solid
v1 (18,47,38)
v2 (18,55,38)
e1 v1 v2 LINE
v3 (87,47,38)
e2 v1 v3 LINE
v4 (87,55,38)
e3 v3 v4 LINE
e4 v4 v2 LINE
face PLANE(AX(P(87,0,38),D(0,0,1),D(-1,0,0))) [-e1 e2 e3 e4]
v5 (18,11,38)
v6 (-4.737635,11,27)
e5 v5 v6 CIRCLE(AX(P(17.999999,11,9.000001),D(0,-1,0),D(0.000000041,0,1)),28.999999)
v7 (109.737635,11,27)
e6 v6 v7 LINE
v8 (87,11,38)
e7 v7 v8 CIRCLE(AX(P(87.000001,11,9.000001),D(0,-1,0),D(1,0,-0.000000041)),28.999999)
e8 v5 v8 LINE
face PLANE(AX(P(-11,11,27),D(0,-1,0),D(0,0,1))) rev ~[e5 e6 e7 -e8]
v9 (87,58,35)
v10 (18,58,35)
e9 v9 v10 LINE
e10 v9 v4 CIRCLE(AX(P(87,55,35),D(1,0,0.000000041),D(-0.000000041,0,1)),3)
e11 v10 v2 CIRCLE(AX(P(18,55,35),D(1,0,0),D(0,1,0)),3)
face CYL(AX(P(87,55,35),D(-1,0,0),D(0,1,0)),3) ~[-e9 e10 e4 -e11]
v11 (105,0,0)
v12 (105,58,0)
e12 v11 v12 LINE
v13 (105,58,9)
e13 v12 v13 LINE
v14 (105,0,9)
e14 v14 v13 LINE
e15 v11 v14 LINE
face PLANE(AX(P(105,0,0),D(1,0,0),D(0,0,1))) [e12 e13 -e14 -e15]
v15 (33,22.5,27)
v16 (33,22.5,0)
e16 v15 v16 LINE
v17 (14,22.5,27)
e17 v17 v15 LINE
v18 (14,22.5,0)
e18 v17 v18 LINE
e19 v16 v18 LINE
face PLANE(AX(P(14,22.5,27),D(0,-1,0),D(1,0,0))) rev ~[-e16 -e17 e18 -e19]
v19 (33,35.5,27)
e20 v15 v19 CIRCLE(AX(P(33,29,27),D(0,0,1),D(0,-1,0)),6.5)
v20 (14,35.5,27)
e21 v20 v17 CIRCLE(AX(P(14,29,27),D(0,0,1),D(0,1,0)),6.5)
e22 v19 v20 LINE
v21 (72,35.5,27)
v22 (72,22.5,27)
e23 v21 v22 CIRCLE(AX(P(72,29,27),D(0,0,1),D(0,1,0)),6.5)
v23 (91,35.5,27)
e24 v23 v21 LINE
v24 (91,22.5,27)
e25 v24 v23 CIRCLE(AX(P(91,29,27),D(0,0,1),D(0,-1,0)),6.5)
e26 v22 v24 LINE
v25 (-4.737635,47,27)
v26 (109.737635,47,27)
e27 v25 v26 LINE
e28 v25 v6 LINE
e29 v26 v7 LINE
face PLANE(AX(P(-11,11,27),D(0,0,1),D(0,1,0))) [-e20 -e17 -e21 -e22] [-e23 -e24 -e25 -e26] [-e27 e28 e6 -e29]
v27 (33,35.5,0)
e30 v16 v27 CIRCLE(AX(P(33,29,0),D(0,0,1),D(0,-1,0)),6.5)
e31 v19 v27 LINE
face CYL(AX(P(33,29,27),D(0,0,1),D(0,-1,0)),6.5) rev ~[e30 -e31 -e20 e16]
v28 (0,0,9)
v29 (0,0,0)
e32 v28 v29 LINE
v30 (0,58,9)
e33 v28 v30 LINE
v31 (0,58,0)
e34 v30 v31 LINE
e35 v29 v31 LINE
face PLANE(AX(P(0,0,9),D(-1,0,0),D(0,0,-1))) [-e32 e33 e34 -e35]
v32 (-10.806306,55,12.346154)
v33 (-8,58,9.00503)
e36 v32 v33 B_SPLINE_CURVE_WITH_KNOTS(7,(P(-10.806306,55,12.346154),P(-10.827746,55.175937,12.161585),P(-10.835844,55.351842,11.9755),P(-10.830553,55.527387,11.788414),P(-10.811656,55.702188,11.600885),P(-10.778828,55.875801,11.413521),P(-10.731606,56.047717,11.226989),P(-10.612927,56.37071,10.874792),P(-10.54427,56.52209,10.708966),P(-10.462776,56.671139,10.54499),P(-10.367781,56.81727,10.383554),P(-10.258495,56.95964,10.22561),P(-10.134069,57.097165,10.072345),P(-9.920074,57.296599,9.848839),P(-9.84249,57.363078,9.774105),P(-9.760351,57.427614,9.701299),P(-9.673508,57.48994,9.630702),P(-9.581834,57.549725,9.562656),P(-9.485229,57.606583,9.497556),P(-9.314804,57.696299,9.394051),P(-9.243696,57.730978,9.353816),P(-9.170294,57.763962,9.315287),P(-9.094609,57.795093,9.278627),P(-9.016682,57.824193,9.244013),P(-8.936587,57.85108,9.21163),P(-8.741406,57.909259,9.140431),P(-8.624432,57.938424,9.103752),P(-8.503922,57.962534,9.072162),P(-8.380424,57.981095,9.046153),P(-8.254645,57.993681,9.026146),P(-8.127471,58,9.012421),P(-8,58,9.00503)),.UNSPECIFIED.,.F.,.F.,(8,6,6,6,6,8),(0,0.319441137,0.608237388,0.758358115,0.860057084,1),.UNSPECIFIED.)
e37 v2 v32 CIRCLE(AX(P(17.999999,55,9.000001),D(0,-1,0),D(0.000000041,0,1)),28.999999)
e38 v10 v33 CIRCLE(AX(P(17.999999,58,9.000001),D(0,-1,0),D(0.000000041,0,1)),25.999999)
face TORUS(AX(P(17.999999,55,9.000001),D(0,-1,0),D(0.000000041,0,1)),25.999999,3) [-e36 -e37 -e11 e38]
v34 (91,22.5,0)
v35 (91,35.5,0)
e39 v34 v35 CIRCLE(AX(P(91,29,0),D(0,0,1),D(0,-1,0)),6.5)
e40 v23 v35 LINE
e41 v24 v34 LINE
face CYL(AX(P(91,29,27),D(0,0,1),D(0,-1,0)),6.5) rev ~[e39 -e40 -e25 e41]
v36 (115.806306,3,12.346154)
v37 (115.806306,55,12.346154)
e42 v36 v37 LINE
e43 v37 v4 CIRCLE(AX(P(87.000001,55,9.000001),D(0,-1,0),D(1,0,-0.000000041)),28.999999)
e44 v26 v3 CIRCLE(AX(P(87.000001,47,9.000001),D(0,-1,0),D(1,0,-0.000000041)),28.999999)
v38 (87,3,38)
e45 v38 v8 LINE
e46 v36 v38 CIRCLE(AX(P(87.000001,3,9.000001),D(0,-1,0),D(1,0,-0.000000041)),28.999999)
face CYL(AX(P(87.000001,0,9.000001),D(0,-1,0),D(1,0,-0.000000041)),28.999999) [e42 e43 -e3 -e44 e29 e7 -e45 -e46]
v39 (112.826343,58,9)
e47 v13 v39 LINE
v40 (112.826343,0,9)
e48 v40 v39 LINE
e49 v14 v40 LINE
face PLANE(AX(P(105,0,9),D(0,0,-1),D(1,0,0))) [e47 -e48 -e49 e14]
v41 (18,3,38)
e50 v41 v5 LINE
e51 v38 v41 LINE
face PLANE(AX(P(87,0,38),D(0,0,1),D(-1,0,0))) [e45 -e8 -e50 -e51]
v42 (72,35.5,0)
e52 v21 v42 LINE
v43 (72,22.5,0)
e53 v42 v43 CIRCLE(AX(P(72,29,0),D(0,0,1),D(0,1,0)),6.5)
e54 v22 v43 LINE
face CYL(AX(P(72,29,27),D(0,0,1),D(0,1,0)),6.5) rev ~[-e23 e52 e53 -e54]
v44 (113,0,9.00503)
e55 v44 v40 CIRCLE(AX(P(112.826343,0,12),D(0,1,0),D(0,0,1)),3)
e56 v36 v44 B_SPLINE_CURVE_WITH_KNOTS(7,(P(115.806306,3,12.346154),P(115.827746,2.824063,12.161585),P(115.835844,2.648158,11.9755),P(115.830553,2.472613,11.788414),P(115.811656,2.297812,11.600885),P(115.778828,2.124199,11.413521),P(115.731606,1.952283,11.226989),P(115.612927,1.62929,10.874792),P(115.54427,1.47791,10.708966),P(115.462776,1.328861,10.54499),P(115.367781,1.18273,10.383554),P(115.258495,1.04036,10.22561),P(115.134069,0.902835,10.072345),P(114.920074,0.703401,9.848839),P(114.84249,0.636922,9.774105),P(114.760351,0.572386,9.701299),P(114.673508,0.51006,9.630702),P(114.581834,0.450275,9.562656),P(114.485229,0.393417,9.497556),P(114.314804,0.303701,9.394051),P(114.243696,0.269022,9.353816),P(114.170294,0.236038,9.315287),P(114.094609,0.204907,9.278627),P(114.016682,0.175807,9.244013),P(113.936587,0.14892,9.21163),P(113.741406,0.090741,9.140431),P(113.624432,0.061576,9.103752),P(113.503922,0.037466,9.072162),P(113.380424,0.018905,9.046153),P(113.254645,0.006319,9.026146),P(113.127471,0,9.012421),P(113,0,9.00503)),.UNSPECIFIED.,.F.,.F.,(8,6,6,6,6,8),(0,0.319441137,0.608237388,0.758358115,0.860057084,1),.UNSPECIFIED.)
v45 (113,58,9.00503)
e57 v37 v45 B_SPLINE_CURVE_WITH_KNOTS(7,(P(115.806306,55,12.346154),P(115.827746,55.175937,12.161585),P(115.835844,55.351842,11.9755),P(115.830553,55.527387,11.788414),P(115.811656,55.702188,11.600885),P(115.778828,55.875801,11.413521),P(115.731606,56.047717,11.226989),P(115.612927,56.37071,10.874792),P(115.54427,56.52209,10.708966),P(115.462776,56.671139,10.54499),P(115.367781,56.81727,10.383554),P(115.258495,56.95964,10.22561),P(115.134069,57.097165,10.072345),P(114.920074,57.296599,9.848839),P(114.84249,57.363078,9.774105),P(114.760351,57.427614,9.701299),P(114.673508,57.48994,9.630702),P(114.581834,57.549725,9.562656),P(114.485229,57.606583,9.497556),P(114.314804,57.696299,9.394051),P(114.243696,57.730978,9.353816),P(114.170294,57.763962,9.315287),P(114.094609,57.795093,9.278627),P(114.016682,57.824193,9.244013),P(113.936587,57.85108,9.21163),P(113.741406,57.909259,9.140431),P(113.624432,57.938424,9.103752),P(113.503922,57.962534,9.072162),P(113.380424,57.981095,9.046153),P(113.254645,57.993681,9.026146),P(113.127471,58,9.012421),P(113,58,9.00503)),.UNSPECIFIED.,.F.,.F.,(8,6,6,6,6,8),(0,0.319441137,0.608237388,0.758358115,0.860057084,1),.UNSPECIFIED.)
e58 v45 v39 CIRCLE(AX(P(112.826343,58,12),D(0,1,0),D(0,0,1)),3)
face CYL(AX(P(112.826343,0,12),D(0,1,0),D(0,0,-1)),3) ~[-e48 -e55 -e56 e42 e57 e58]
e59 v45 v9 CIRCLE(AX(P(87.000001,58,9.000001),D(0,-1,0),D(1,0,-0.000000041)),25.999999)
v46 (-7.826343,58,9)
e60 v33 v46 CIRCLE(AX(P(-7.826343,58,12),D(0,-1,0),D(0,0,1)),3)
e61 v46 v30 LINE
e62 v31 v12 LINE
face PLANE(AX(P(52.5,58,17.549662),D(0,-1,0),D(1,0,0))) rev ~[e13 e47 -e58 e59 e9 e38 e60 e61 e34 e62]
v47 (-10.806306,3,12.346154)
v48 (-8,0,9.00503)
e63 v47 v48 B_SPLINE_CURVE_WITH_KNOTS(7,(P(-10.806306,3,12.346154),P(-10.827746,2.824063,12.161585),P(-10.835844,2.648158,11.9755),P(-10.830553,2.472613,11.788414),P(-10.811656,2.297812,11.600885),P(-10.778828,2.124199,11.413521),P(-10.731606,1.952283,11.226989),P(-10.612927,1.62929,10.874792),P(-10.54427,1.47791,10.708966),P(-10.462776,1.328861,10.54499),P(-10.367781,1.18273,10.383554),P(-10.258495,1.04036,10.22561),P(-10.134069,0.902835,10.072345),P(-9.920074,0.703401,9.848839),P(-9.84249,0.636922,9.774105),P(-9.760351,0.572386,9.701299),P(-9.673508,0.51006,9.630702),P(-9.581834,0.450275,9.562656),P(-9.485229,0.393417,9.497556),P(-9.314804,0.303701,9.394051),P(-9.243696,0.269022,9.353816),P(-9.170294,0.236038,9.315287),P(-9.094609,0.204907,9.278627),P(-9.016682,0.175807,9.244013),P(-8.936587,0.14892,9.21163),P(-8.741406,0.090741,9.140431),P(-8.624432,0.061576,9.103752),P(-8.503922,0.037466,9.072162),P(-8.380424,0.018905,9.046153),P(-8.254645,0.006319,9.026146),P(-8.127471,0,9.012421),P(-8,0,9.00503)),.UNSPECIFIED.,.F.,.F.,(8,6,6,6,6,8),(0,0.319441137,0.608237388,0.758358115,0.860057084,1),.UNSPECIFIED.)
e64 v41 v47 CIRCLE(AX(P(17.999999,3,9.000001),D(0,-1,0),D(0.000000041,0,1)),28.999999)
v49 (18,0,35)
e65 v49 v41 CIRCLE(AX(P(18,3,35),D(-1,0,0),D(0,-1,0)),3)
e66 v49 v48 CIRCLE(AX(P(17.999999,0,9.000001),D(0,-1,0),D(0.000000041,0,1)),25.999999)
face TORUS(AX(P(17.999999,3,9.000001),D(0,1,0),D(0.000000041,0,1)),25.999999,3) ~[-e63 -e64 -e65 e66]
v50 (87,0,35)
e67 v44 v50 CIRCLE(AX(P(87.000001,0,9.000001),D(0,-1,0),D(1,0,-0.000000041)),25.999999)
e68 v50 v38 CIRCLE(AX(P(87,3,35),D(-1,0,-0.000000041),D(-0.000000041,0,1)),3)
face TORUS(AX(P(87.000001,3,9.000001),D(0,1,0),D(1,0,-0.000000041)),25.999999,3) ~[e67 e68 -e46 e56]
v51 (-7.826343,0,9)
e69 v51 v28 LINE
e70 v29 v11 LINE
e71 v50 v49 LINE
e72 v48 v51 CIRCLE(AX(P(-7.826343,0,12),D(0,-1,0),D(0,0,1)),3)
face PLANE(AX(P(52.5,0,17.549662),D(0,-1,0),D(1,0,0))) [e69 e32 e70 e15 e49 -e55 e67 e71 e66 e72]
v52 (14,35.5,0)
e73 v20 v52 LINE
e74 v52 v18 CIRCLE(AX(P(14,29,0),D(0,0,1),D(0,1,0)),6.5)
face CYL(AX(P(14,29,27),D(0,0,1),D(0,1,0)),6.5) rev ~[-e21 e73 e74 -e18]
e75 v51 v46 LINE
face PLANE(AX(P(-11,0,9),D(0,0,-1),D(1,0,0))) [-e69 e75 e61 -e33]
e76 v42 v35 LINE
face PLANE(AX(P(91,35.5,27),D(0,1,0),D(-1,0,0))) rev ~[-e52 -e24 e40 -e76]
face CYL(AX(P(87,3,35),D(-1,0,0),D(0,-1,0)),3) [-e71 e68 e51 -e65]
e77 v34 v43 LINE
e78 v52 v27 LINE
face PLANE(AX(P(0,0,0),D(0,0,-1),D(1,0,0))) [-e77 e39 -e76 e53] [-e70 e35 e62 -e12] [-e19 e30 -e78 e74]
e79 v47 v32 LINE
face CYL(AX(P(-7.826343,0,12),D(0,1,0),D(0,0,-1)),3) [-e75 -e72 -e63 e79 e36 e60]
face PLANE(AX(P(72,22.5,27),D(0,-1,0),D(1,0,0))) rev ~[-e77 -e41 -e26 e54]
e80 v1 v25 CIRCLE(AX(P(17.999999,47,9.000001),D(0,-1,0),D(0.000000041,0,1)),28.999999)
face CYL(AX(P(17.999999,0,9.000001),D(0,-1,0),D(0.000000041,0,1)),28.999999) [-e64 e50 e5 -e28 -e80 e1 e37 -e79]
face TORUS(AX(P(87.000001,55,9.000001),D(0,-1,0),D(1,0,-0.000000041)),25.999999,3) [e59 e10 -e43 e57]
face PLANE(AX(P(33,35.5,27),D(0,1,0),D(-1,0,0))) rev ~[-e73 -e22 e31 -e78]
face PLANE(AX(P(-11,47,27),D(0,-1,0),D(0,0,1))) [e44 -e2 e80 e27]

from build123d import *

# Parameters (mm, degrees)
F1_DEPTH = 58
F3_W     = 36
F3_H     = 11
F4_DEPTH = 127
F6_DEPTH = 38
F7_R     = 3


with BuildPart() as f1:
    # F0 (on Front) → F1 (new body)
    with BuildSketch(Plane.XZ):
        with BuildLine():
            Line((0, 9), (0, 0))
            Line((0, 0), (105, 0))
            Line((105, 0), (105, 9))
            Line((105, 9), (116, 9))
            ThreePointArc((116, 9), (107.506097, 29.506097), (87, 38))
            Line((87, 38), (18, 38))
            ThreePointArc((18, 38), (-2.506097, 29.506097), (-11, 9))
            Line((-11, 9), (0, 9))
        make_face()
    extrude(amount=-F1_DEPTH)

    # F3 (on offset) → F4 (cut)
    with BuildSketch(Plane.YZ.offset(-11)):
        with Locations((29, 32.5)):
            Rectangle(F3_W, F3_H)
    extrude(amount=F4_DEPTH, mode=Mode.SUBTRACT)

    # F5 (on face) → F6 (cut)
    with BuildSketch(Plane.XY.offset(27)):
        with BuildLine():
            Line((33, 35.5), (14, 35.5))
            ThreePointArc((14, 35.5), (7.5, 29), (14, 22.5))
            Line((14, 22.5), (33, 22.5))
            ThreePointArc((33, 22.5), (39.5, 29), (33, 35.5))
        make_face()
        with BuildLine():
            Line((72, 22.5), (91, 22.5))
            ThreePointArc((91, 22.5), (97.5, 29), (91, 35.5))
            Line((91, 35.5), (72, 35.5))
            ThreePointArc((72, 35.5), (65.5, 29), (72, 22.5))
        make_face()
    extrude(amount=-F6_DEPTH, mode=Mode.SUBTRACT)

    # F7
    f7_edges = [f1.edges().sort_by_distance(p)[0] for p in [
        (107.506097, 0, 29.506097),
        (116, 29, 9),
        (107.506097, 58, 29.506097),
        (-11, 29, 9),
    ]]
    fillet(f7_edges, radius=F7_R)


solid = f1.part
